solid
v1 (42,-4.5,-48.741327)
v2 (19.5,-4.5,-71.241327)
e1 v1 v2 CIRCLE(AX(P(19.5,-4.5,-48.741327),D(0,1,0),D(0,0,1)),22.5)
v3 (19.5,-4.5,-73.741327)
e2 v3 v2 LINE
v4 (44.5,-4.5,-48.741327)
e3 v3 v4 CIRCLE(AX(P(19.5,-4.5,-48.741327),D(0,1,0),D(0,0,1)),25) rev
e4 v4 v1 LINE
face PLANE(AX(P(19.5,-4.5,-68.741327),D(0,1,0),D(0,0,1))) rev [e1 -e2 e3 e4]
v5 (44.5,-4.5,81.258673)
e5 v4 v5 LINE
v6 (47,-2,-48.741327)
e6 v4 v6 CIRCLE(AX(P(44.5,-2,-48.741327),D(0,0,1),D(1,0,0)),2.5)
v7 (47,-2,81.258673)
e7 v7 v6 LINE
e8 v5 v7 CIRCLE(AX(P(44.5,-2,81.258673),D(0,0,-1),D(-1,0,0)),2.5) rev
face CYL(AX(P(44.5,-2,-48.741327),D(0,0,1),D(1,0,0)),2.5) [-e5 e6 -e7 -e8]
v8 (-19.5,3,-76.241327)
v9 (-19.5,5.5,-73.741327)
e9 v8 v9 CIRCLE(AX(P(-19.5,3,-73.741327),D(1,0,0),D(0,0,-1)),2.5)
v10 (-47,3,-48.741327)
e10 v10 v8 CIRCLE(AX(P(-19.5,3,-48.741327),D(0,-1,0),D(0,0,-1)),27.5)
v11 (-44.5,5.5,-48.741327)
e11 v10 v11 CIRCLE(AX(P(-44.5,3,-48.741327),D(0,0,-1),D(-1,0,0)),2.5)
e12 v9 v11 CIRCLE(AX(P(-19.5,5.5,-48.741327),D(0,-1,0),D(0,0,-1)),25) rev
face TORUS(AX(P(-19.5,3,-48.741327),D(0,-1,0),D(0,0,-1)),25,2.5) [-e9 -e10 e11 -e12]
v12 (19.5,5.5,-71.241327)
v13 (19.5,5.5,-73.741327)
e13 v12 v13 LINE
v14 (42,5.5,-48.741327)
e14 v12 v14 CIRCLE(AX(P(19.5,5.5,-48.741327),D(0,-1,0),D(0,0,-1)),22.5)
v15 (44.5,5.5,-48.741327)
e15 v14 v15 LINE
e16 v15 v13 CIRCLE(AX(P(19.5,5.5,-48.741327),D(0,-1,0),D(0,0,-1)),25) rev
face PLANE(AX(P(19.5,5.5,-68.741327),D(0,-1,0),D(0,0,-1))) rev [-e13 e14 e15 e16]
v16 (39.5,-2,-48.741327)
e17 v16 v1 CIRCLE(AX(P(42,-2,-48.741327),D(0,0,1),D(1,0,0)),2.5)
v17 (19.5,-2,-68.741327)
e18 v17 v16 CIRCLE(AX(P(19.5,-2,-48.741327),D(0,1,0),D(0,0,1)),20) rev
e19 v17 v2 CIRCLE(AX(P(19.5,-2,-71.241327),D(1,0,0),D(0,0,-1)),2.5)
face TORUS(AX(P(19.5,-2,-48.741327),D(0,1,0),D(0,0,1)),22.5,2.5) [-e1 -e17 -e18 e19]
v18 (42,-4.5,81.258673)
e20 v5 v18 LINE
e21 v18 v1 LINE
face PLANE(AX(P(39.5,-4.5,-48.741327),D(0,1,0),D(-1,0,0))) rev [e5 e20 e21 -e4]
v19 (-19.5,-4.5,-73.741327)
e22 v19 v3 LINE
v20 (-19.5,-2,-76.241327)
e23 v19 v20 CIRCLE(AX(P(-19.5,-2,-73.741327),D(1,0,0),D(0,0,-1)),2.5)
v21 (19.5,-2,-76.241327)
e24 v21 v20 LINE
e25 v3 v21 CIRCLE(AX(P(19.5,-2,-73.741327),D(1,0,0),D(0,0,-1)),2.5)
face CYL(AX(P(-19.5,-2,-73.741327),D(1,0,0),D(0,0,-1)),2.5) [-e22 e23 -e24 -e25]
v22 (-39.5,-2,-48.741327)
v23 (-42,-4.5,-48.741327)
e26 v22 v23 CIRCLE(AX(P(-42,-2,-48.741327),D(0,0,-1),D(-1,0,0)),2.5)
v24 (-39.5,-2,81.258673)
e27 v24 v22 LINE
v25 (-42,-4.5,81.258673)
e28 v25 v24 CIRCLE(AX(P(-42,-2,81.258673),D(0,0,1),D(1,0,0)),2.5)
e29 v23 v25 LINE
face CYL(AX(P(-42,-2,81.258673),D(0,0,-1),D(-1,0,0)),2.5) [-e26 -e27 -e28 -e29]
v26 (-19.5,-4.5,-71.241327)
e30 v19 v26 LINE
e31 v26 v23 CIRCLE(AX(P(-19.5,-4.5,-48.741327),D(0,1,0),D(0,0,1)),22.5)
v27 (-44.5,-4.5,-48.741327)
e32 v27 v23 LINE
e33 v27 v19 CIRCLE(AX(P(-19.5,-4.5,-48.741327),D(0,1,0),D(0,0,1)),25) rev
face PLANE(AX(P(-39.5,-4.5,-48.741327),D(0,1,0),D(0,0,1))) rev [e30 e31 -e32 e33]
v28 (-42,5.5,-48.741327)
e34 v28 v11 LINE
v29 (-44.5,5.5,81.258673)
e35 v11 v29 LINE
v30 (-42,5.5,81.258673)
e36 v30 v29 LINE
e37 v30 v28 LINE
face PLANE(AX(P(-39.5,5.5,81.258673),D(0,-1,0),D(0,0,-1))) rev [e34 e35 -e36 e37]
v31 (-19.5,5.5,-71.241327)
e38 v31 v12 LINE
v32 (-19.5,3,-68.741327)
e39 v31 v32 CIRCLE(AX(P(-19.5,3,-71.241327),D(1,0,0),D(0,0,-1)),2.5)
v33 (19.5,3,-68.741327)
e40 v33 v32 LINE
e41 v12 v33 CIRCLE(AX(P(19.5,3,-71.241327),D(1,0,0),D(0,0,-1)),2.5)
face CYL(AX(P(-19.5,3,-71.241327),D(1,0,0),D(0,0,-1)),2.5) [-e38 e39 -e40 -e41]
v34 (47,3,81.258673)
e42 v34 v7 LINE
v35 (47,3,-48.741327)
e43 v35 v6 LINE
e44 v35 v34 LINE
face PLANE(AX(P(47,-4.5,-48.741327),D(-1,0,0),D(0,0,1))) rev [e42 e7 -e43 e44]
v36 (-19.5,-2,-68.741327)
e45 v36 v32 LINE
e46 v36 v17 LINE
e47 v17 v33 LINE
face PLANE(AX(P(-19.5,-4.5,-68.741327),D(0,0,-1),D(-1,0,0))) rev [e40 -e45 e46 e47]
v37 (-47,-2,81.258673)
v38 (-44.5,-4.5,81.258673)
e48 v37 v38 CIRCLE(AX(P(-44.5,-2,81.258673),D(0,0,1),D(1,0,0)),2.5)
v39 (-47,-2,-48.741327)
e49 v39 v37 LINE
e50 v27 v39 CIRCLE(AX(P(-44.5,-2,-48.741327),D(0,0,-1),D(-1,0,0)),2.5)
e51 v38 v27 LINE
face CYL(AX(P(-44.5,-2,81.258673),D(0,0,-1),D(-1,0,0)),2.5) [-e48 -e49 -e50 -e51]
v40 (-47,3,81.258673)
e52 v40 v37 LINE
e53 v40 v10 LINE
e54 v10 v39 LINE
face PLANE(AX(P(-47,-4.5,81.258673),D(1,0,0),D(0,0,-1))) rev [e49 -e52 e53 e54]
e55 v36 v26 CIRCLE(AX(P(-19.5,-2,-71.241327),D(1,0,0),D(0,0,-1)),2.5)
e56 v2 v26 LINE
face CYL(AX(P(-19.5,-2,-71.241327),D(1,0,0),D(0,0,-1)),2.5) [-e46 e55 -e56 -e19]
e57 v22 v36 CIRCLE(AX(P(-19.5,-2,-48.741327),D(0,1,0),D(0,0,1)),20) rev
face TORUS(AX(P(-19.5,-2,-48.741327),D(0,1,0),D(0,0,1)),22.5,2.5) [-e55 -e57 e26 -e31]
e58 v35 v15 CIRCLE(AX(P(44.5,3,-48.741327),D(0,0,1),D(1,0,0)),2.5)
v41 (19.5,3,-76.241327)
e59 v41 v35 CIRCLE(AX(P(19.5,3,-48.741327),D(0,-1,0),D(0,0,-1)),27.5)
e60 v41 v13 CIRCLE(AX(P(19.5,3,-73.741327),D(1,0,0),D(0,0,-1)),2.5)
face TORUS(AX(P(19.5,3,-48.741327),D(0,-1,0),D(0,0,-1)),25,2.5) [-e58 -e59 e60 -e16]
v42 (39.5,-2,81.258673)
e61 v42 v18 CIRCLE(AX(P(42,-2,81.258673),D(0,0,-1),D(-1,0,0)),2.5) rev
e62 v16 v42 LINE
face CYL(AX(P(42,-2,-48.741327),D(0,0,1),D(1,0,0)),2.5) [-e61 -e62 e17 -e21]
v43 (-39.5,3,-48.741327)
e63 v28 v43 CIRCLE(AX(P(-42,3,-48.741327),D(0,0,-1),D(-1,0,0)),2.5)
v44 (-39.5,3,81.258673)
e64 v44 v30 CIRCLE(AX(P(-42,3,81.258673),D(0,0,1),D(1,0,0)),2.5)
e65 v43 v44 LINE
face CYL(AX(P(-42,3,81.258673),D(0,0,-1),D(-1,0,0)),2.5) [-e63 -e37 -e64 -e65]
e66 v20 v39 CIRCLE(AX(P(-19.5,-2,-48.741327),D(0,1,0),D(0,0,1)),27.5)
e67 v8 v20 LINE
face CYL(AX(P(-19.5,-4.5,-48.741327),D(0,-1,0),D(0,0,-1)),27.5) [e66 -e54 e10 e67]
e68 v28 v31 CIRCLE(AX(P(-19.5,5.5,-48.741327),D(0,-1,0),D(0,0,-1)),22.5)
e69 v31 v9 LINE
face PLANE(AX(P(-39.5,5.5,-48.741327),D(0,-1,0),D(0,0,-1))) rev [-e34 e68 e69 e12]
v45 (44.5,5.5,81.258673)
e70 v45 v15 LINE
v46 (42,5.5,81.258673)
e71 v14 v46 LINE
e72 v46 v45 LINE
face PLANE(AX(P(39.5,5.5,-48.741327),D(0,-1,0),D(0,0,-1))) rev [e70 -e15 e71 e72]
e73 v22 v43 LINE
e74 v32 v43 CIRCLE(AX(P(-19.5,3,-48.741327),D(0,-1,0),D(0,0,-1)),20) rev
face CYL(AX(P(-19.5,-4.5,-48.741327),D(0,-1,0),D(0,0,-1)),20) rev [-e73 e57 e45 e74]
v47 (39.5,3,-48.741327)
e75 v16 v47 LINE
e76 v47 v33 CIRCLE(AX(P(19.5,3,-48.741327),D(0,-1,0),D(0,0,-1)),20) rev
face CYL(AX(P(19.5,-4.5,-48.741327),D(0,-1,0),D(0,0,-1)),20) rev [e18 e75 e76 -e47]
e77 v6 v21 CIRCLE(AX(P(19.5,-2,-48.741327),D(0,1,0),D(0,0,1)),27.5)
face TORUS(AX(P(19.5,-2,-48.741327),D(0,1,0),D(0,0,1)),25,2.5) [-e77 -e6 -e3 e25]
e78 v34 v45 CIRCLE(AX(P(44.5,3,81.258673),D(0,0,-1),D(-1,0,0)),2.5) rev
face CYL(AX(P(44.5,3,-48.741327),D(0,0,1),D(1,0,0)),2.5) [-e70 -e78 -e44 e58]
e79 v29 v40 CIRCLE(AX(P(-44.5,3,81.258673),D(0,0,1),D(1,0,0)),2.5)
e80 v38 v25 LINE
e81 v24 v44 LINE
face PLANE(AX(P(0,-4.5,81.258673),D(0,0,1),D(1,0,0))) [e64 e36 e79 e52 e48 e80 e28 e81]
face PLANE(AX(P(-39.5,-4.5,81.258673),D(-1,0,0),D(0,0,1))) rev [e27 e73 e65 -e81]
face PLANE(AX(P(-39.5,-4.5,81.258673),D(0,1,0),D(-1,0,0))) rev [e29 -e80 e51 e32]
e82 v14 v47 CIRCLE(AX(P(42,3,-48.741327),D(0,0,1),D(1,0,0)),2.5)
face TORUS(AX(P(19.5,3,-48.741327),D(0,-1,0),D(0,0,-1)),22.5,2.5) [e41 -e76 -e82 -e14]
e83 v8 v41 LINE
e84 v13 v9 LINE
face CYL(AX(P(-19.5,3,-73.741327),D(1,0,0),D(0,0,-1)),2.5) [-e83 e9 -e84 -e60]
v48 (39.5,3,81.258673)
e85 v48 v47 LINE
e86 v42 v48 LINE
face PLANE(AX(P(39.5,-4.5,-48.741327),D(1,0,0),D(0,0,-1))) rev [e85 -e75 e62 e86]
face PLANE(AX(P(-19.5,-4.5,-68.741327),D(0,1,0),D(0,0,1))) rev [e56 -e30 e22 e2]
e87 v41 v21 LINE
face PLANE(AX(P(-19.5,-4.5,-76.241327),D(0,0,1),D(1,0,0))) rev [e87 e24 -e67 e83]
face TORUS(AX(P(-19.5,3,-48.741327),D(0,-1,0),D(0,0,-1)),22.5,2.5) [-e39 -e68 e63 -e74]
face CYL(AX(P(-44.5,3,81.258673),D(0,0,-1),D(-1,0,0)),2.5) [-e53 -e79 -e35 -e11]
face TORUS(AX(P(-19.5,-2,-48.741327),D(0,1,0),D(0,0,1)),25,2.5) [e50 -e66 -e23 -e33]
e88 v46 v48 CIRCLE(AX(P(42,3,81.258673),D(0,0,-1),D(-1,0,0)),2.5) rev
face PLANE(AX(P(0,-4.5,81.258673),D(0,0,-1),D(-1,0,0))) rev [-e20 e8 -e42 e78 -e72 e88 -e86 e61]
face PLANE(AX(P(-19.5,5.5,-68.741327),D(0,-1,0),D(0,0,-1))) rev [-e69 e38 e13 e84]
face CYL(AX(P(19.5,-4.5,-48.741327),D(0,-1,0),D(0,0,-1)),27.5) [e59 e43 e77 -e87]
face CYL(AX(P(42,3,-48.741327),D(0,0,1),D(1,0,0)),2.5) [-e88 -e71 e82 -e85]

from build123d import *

# Parameters (mm, degrees)
SKETCH2_W    = 0.75
SKETCH2_H    = 1
FILLET1_R    = 0.25
SCALE1_SCALE = 10


with BuildPart() as part:
    # Sweep1: sweep along a path in Sketch1
    with BuildLine(Plane(origin=(0, 0, 0), x_dir=(1, 0, 0), z_dir=(0, 1, 0))) as sweep1_path:
        Line((-3.95, 0), (-3.95, 13))
        ThreePointArc((-3.95, 13), (-3.364213562, 14.414213562), (-1.95, 15))
        Line((-1.95, 15), (1.95, 15))
        ThreePointArc((1.95, 15), (3.364213562, 14.414213562), (3.95, 13))
        Line((3.95, 13), (3.95, 0))
    # Sketch2 → Sweep1 (sweep)
    with BuildSketch(Plane.XY):
        with Locations((-4.325, 0.5)):
            Rectangle(SKETCH2_W, SKETCH2_H)
    sweep(path=sweep1_path.line)

    # Fillet1
    fillet1_edges = [part.edges().sort_by_distance(p)[0] for p in [
        (3.95, 1, -6.5),
        (4.7, 1, -6.5),
        (4.7, 0, -6.5),
        (-3.95, 0, -6.5),
        (-3.95, 1, -6.5),
        (-4.7, 1, -6.5),
        (-4.7, 0, -6.5),
        (-3.364213562, 0, -14.414213562),
        (-3.364213562, 1, -14.414213562),
        (-3.894543648, 1, -14.944543648),
        (-3.894543648, 0, -14.944543648),
        (0, 0, -15),
        (0, 1, -15),
        (0, 1, -15.75),
        (0, 0, -15.75),
        (3.364213562, 0, -14.414213562),
        (3.364213562, 1, -14.414213562),
        (3.894543648, 1, -14.944543648),
        (3.894543648, 0, -14.944543648),
        (3.95, 0, -6.5),
    ]]
    fillet(fillet1_edges, radius=FILLET1_R)


with BuildPart() as part_1:
    # Scale1: scaled about (0, 0.5, -9.028741483)
    add(part.part.scale(SCALE1_SCALE).moved(Location((0, -4.5, 81.258673347))))


solid = part_1.part
